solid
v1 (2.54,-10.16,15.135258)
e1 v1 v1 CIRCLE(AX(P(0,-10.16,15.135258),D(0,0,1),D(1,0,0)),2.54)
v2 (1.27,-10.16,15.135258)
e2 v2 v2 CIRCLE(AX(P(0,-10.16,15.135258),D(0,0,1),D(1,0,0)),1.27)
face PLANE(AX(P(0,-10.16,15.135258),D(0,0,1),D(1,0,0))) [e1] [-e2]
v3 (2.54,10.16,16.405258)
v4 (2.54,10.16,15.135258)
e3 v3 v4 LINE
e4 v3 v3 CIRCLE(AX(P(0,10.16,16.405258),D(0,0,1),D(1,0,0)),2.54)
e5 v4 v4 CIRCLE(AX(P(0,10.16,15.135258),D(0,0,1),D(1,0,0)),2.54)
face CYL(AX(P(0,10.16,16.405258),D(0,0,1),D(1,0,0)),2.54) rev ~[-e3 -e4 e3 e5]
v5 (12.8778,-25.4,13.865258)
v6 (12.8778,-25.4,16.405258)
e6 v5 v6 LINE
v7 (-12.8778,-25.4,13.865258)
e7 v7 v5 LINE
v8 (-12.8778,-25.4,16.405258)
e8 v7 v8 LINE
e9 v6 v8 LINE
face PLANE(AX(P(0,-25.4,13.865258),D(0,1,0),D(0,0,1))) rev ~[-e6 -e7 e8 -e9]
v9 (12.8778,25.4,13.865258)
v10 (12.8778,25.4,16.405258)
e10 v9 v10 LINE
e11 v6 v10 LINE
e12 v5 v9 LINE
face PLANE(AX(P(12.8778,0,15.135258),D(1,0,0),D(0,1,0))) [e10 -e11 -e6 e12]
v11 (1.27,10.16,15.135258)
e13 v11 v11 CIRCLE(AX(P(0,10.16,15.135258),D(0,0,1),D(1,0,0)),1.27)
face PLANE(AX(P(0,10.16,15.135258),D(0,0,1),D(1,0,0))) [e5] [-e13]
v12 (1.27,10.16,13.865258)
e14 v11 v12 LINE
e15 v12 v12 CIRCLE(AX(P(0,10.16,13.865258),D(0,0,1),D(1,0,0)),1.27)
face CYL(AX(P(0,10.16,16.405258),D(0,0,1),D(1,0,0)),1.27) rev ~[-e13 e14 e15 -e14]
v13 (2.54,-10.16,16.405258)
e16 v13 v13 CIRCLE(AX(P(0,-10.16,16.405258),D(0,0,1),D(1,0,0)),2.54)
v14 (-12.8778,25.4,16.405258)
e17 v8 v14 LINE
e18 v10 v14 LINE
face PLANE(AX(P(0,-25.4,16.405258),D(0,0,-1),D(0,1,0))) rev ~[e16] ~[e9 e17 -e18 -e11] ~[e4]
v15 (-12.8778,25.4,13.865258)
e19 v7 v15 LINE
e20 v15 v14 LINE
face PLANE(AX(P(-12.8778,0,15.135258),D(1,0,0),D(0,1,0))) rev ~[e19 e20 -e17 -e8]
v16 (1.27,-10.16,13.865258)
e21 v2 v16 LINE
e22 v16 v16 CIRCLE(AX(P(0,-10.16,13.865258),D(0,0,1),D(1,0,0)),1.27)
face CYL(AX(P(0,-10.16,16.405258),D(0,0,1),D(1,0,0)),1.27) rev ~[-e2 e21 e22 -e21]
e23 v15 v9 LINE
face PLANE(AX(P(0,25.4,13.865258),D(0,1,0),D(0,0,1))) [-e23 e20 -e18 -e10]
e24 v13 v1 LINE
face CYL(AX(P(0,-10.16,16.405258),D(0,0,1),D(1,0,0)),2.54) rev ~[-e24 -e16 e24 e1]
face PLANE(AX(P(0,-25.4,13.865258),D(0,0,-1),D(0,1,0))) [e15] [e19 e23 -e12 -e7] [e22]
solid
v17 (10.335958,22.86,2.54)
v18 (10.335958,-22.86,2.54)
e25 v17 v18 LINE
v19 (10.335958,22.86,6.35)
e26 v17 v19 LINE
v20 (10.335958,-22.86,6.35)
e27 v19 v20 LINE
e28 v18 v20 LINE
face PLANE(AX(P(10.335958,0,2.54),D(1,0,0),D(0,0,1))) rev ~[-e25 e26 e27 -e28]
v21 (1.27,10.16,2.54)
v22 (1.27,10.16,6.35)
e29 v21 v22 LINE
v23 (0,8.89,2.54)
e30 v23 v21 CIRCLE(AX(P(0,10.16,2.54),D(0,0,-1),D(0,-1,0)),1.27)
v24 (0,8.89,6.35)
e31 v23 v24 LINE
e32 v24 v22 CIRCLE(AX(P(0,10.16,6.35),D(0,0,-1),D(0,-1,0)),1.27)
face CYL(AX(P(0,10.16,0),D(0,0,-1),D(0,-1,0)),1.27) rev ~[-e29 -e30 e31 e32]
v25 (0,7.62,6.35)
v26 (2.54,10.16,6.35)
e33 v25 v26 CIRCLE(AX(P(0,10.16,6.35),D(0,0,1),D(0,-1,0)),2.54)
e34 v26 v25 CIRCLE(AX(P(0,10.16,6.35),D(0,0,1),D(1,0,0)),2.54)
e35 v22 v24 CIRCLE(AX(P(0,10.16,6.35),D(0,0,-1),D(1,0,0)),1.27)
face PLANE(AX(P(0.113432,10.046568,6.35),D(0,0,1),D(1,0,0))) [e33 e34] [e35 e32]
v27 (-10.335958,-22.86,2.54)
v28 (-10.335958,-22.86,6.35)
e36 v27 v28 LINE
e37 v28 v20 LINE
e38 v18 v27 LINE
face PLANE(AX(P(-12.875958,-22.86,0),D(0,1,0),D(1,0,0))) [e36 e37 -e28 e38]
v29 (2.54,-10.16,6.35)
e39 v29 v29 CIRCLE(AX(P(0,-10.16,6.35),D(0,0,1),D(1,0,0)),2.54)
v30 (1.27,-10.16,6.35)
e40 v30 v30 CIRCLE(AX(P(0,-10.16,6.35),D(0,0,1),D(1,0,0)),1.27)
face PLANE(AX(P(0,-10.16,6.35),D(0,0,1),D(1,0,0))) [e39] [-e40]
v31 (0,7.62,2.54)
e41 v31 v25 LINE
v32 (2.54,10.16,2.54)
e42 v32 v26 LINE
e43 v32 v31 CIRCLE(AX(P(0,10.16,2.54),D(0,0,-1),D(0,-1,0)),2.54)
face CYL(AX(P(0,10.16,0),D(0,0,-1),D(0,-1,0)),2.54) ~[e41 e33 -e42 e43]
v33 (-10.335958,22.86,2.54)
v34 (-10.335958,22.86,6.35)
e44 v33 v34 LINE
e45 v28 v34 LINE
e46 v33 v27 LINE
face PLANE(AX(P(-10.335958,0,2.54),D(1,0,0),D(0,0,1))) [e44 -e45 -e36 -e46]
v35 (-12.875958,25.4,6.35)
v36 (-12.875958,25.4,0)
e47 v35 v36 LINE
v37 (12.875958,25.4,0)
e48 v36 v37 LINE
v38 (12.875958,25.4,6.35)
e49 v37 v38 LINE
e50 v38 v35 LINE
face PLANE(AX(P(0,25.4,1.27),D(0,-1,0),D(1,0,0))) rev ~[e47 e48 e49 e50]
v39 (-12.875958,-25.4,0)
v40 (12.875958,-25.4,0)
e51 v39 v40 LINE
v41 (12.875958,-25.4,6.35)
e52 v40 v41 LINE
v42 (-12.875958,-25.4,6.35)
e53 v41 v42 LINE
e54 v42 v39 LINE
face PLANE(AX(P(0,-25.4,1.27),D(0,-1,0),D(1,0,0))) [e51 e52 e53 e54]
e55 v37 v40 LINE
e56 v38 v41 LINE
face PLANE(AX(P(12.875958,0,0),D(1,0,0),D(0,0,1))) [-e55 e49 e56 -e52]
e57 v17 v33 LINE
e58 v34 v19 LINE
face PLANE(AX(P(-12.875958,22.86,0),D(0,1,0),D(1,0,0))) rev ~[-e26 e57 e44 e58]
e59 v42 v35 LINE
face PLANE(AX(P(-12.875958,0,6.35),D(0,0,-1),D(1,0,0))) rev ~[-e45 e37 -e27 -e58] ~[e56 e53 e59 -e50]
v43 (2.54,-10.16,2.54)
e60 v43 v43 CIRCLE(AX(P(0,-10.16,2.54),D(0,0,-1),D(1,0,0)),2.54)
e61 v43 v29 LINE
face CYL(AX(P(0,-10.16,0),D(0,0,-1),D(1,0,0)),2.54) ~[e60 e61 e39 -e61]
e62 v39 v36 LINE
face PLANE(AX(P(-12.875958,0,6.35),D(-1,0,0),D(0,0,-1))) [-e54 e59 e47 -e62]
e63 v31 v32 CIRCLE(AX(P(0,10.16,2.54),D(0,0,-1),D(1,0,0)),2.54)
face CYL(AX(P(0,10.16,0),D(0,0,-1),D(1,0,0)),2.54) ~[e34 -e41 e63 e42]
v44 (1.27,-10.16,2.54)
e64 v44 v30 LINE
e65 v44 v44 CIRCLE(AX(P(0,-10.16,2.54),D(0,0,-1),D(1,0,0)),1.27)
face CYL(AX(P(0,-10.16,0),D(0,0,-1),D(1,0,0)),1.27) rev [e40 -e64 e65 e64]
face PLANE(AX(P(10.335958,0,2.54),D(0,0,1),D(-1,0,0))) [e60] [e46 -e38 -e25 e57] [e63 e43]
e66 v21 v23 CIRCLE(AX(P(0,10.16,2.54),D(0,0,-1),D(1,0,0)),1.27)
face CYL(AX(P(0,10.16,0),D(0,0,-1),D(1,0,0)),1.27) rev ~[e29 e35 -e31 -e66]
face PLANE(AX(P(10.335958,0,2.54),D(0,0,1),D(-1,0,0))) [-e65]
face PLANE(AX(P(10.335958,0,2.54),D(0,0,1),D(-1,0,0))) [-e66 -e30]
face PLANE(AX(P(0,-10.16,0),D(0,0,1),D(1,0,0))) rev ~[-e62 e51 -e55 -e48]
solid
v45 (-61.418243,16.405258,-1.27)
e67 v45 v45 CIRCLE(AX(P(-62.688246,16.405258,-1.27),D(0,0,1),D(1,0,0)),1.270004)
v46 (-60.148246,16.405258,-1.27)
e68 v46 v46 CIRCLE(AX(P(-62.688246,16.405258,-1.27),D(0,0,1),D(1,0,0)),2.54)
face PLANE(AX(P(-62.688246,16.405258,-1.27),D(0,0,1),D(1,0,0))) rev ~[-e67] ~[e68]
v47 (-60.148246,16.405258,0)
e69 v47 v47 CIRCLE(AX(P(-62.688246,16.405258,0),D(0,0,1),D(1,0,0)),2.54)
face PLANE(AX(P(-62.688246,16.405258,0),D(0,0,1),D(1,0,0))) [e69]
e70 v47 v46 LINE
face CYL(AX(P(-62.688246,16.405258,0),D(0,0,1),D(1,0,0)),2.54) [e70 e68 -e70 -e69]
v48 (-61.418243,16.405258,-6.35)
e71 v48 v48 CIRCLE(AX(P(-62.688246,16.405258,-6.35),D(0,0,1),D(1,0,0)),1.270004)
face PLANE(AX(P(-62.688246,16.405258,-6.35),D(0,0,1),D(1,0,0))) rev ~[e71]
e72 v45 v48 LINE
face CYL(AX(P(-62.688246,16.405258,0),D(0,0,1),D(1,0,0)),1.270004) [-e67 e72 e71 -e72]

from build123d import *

# Parameters (mm, degrees)
F0_W      = 2.54
F0_H      = 3.81
F1_DEPTH  = 25.4
F2_W      = 25.751915136
F2_H      = 2.54
F3_DEPTH  = 6.35
F4_R      = 2.54
F4_R_2    = 1.2700000079
F5_DEPTH  = 6.35
F6_W      = 50.8
F6_H      = 2.54
F7_DEPTH  = 12.8778
F8_R      = 2.54
F8_R_2    = 1.2700000079
F9_DEPTH  = 1.27
F10_DEPTH = 25.4
F11_R     = 2.54
F11_R_2   = 1.2700036168
F12_DEPTH = 1.27
F13_DEPTH = 6.35


with BuildPart() as f1:
    # F0 (on Front) → F1 (new body, symmetric)
    with BuildSketch(Plane.XZ):
        Polygon((-10.335957568, 2.54), (-12.875957568, 2.54), (-12.875957568, 0), (12.875957568, 0), (12.875957568, 2.54), (10.335957568, 2.54), align=None)
        with Locations((-11.605957568, 4.445)):
            Rectangle(F0_W, F0_H)
        with Locations((11.605957568, 4.445)):
            Rectangle(F0_W, F0_H)
    extrude(amount=F1_DEPTH, both=True)

    # F2 (on Top) → F3 (join)
    with BuildSketch(Plane.XY):
        with Locations((0, -24.13)):
            Rectangle(F2_W, F2_H)
        with Locations((0, 24.13)):
            Rectangle(F2_W, F2_H)
    extrude(amount=F3_DEPTH)

    # F4 (on Top) → F5 (join)
    with BuildSketch(Plane.XY):
        with Locations((0, -10.16)):
            Circle(F4_R)
        with Locations((0, -10.16)):
            Circle(F4_R_2, mode=Mode.SUBTRACT)
        with BuildLine():
            ThreePointArc((2.54, 10.16), (-1.7960512242, 11.9560512242), (0, 7.62))
            ThreePointArc((0, 7.62), (1.7960512242, 8.3639487758), (2.54, 10.16))
        make_face()
        with BuildLine():
            ThreePointArc((1.2700000079, 10.16), (0.8980256177, 9.2619743823), (0, 8.8899999921))
            ThreePointArc((0, 8.8899999921), (-0.8980256177, 11.0580256177), (1.2700000079, 10.16))
        make_face(mode=Mode.SUBTRACT)
    extrude(amount=F5_DEPTH)


with BuildPart() as f7:
    # F6 (on Right) → F7 (new body, symmetric)
    with BuildSketch(Plane.YZ):
        with Locations((0, 15.1352581558)):
            Rectangle(F6_W, F6_H)
    extrude(amount=F7_DEPTH, both=True)

    # F8 (on face) → F9 (cut)
    with BuildSketch(Plane.XY.offset(16.4052581558)):
        with Locations((0, -10.16)):
            Circle(F8_R)
        with Locations((0, -10.16)):
            Circle(F8_R_2, mode=Mode.SUBTRACT)
        with Locations((0, 10.16)):
            Circle(F8_R)
        with Locations((0, 10.16)):
            Circle(F8_R_2, mode=Mode.SUBTRACT)
    extrude(amount=-F9_DEPTH, mode=Mode.SUBTRACT)

    # F10 (cut): faces of the model
    f10_faces = [f7.faces().sort_by_distance(p)[0] for p in [
        (0, -10.16, 16.4052581558),
        (0, 10.16, 16.4052581558),
    ]]
    extrude(f10_faces, amount=-F10_DEPTH, mode=Mode.SUBTRACT)


with BuildPart() as f12:
    # F11 (on Top) → F12 (new body)
    with BuildSketch(Plane.XY):
        with Locations((-62.6882463694, 16.4052583277)):
            Circle(F11_R)
        with Locations((-62.6882463694, 16.4052583277)):
            Circle(F11_R_2, mode=Mode.SUBTRACT)
    extrude(amount=-F12_DEPTH)

    # F11 (on Top) → F13 (join)
    with BuildSketch(Plane.XY):
        with Locations((-62.6882463694, 16.4052583277)):
            Circle(F11_R_2)
    extrude(amount=-F13_DEPTH)


solid = Compound([f1.part, f7.part, f12.part])
